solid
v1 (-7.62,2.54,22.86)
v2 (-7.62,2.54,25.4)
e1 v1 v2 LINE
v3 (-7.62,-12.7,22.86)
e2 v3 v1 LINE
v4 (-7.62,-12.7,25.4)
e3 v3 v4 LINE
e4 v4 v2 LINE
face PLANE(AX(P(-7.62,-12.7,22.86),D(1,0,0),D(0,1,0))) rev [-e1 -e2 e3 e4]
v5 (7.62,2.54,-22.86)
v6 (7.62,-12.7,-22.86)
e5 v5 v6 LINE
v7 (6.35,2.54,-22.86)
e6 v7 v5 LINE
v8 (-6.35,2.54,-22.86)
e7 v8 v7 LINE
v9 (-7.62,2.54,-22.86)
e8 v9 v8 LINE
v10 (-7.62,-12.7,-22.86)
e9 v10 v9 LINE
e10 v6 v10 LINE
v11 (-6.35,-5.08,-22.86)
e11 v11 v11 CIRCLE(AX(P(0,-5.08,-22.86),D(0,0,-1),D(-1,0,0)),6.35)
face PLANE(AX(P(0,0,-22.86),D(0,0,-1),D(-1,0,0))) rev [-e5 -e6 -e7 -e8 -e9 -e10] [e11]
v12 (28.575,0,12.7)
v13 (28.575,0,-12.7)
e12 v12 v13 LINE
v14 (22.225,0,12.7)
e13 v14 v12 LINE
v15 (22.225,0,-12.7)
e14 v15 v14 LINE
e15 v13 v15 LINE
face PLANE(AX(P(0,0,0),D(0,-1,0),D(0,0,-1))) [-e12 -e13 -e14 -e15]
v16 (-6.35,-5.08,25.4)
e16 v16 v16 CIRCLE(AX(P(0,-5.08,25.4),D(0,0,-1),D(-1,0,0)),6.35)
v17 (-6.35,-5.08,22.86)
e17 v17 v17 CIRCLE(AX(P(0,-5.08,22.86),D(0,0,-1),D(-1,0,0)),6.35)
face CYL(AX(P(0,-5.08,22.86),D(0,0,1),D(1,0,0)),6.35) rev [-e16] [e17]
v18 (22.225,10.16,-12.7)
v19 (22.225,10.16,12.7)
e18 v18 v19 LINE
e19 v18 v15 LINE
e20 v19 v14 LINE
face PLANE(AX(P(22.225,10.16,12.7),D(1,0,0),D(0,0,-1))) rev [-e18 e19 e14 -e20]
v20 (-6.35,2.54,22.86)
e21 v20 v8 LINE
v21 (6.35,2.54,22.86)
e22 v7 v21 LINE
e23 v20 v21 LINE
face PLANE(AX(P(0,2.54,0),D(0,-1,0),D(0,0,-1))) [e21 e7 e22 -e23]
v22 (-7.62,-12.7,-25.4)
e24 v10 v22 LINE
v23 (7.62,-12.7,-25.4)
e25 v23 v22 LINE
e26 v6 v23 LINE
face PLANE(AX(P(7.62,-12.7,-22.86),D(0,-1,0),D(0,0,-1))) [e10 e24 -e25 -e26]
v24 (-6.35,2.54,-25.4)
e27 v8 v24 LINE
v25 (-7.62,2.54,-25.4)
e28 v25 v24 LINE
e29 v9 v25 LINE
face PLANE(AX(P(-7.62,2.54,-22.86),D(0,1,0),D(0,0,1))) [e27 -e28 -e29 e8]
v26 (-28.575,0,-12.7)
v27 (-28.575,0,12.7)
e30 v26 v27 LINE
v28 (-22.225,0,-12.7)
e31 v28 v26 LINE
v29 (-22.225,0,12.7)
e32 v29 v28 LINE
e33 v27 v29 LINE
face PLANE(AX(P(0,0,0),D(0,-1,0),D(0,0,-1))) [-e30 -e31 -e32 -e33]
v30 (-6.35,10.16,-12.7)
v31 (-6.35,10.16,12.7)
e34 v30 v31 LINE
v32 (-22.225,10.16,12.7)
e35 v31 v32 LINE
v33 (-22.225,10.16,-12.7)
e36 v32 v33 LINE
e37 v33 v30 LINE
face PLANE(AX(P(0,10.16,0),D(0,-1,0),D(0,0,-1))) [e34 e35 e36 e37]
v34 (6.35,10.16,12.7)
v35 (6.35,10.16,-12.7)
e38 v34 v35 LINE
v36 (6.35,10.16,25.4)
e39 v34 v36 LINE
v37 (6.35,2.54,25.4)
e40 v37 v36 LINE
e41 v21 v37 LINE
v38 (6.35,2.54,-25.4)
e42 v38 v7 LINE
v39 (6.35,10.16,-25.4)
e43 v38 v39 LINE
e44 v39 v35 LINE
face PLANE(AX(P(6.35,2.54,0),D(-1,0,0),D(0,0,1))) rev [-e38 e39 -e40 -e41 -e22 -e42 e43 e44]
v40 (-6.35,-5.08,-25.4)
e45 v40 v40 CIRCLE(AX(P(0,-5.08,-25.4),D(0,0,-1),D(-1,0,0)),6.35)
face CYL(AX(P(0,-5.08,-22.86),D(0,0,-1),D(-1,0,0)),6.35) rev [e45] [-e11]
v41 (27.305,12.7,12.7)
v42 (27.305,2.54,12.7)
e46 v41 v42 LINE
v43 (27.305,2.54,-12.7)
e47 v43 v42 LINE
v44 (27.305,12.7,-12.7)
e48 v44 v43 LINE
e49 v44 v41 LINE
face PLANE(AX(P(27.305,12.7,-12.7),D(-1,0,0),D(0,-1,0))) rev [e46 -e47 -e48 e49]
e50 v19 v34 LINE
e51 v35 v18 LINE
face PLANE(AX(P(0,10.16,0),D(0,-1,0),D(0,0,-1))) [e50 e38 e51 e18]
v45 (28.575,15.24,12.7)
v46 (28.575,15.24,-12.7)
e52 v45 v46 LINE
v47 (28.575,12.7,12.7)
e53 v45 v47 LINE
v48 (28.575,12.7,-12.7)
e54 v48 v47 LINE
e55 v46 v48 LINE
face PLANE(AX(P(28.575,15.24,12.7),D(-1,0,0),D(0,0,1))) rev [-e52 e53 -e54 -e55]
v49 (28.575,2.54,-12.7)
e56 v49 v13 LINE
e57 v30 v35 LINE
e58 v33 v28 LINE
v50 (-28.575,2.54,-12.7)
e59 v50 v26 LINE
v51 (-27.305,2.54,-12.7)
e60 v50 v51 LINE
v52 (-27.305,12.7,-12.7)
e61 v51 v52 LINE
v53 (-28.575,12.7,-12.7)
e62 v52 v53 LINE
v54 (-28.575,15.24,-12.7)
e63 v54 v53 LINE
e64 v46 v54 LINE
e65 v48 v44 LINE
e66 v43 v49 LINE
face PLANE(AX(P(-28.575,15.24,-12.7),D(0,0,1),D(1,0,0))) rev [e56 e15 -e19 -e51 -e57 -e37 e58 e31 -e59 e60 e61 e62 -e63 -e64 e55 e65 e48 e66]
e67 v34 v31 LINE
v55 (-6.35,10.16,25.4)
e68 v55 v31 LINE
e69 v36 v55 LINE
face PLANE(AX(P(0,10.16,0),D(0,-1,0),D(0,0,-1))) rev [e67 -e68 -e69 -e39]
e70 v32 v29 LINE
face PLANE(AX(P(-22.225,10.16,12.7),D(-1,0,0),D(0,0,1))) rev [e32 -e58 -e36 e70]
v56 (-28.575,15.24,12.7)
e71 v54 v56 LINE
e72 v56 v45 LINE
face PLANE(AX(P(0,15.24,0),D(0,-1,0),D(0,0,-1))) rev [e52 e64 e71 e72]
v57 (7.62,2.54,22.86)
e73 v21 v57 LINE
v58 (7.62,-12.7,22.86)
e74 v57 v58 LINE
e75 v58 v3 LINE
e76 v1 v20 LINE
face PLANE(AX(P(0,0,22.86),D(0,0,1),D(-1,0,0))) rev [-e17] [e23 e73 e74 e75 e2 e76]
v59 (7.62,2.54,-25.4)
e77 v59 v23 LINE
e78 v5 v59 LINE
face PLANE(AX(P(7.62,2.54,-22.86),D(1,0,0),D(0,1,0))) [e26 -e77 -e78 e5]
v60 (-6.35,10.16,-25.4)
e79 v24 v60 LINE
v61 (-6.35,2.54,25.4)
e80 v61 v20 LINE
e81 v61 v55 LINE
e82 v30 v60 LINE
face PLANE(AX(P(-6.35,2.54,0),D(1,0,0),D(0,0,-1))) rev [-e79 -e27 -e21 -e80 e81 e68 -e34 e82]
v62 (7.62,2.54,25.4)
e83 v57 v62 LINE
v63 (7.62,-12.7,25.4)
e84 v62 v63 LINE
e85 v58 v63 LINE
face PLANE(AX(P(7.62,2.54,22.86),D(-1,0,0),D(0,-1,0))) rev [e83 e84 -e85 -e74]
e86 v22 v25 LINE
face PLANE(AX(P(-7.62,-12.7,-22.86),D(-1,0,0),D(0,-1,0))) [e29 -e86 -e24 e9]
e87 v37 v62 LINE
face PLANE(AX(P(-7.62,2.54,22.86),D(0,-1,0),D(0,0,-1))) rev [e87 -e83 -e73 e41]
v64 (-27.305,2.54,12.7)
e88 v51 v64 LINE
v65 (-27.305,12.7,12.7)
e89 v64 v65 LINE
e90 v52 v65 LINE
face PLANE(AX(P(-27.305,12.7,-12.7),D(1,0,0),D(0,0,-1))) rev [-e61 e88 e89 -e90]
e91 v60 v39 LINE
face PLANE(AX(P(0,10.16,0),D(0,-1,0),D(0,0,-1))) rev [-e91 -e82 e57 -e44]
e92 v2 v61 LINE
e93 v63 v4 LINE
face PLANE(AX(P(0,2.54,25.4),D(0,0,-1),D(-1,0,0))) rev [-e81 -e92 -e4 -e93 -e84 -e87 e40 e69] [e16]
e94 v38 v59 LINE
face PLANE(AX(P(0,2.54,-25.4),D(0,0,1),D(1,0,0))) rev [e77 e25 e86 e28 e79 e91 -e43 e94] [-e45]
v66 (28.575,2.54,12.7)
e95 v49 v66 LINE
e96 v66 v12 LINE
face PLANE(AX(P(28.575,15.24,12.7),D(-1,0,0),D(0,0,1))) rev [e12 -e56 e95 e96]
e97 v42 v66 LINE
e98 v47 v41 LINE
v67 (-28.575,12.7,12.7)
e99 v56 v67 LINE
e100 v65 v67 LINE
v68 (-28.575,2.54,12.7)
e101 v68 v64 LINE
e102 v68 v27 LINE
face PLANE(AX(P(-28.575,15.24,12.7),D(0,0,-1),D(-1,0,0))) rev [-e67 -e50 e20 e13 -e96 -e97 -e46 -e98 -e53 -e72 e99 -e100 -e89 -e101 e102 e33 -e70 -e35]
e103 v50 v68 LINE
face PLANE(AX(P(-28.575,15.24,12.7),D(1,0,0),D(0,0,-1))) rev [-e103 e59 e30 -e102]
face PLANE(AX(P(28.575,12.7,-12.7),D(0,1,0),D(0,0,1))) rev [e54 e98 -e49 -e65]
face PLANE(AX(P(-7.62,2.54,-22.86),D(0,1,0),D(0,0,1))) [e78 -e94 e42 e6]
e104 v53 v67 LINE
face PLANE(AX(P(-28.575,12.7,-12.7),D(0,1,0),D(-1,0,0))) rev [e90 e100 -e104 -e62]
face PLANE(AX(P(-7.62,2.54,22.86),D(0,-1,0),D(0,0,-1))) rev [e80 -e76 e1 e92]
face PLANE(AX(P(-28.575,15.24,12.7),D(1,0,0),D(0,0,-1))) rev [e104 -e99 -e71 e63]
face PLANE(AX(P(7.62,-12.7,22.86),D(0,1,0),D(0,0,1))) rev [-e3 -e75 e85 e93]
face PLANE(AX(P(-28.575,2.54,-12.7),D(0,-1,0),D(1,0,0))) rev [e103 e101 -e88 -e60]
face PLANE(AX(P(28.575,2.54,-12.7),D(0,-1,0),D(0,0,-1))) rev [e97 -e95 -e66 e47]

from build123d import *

# Parameters (mm, degrees)
SKETCH1_W           = 57.15
SKETCH1_H           = 25.4
BOSS_EXTRUDE1_DEPTH = 15.24
SKETCH2_W           = 44.45
SKETCH2_H           = 25.4
CUT_EXTRUDE1_DEPTH  = 10.16
SKETCH3_W           = 1.27
SKETCH3_H           = 10.16
CUT_EXTRUDE2_DEPTH  = 42.157602275
BOSS_EXTRUDE2_START = -10.16
SKETCH4_W           = 12.7
SKETCH4_H           = 50.8
BOSS_EXTRUDE2_DEPTH = 7.62
SKETCH6_W           = 15.24
SKETCH6_H           = 15.24
SKETCH6_R           = 6.35
BOSS_EXTRUDE3_DEPTH = 2.54


with BuildPart() as part:
    # Sketch1 → Boss-Extrude1 (new body)
    with BuildSketch(Plane(origin=(0, 0, 0), x_dir=(1, 0, 0), z_dir=(0, 1, 0))):
        Rectangle(SKETCH1_W, SKETCH1_H)
    extrude(amount=BOSS_EXTRUDE1_DEPTH)

    # Sketch2 → Cut-Extrude1 (cut)
    with BuildSketch(Plane.XZ):
        Rectangle(SKETCH2_W, SKETCH2_H)
    extrude(amount=-CUT_EXTRUDE1_DEPTH, mode=Mode.SUBTRACT)

    # Sketch3 → Cut-Extrude2 (cut, through all)
    with BuildSketch(Plane.XY.offset(12.7)):
        with Locations((-27.94, 7.62)):
            Rectangle(SKETCH3_W, SKETCH3_H)
        with Locations((27.94, 7.62)):
            Rectangle(SKETCH3_W, SKETCH3_H)
    extrude(amount=-CUT_EXTRUDE2_DEPTH, mode=Mode.SUBTRACT)

    # Sketch4 → Boss-Extrude2 (add)
    with BuildSketch(Plane.XZ.offset(BOSS_EXTRUDE2_START)):
        Rectangle(SKETCH4_W, SKETCH4_H)
    extrude(amount=BOSS_EXTRUDE2_DEPTH)

    # Sketch6 → Boss-Extrude3 (add)
    with BuildSketch(Plane(origin=(0, 0, -25.4), x_dir=(-1, 0, 0), z_dir=(0, 0, -1))):
        with Locations((0, -5.08)):
            Rectangle(SKETCH6_W, SKETCH6_H)
        with Locations((0, -5.08)):
            Circle(SKETCH6_R, mode=Mode.SUBTRACT)
    boss_extrude3 = extrude(amount=-BOSS_EXTRUDE3_DEPTH)

    # Mirror1: Boss-Extrude3 across plane
    add(boss_extrude3.mirror(Plane.XY))


solid = part.part
